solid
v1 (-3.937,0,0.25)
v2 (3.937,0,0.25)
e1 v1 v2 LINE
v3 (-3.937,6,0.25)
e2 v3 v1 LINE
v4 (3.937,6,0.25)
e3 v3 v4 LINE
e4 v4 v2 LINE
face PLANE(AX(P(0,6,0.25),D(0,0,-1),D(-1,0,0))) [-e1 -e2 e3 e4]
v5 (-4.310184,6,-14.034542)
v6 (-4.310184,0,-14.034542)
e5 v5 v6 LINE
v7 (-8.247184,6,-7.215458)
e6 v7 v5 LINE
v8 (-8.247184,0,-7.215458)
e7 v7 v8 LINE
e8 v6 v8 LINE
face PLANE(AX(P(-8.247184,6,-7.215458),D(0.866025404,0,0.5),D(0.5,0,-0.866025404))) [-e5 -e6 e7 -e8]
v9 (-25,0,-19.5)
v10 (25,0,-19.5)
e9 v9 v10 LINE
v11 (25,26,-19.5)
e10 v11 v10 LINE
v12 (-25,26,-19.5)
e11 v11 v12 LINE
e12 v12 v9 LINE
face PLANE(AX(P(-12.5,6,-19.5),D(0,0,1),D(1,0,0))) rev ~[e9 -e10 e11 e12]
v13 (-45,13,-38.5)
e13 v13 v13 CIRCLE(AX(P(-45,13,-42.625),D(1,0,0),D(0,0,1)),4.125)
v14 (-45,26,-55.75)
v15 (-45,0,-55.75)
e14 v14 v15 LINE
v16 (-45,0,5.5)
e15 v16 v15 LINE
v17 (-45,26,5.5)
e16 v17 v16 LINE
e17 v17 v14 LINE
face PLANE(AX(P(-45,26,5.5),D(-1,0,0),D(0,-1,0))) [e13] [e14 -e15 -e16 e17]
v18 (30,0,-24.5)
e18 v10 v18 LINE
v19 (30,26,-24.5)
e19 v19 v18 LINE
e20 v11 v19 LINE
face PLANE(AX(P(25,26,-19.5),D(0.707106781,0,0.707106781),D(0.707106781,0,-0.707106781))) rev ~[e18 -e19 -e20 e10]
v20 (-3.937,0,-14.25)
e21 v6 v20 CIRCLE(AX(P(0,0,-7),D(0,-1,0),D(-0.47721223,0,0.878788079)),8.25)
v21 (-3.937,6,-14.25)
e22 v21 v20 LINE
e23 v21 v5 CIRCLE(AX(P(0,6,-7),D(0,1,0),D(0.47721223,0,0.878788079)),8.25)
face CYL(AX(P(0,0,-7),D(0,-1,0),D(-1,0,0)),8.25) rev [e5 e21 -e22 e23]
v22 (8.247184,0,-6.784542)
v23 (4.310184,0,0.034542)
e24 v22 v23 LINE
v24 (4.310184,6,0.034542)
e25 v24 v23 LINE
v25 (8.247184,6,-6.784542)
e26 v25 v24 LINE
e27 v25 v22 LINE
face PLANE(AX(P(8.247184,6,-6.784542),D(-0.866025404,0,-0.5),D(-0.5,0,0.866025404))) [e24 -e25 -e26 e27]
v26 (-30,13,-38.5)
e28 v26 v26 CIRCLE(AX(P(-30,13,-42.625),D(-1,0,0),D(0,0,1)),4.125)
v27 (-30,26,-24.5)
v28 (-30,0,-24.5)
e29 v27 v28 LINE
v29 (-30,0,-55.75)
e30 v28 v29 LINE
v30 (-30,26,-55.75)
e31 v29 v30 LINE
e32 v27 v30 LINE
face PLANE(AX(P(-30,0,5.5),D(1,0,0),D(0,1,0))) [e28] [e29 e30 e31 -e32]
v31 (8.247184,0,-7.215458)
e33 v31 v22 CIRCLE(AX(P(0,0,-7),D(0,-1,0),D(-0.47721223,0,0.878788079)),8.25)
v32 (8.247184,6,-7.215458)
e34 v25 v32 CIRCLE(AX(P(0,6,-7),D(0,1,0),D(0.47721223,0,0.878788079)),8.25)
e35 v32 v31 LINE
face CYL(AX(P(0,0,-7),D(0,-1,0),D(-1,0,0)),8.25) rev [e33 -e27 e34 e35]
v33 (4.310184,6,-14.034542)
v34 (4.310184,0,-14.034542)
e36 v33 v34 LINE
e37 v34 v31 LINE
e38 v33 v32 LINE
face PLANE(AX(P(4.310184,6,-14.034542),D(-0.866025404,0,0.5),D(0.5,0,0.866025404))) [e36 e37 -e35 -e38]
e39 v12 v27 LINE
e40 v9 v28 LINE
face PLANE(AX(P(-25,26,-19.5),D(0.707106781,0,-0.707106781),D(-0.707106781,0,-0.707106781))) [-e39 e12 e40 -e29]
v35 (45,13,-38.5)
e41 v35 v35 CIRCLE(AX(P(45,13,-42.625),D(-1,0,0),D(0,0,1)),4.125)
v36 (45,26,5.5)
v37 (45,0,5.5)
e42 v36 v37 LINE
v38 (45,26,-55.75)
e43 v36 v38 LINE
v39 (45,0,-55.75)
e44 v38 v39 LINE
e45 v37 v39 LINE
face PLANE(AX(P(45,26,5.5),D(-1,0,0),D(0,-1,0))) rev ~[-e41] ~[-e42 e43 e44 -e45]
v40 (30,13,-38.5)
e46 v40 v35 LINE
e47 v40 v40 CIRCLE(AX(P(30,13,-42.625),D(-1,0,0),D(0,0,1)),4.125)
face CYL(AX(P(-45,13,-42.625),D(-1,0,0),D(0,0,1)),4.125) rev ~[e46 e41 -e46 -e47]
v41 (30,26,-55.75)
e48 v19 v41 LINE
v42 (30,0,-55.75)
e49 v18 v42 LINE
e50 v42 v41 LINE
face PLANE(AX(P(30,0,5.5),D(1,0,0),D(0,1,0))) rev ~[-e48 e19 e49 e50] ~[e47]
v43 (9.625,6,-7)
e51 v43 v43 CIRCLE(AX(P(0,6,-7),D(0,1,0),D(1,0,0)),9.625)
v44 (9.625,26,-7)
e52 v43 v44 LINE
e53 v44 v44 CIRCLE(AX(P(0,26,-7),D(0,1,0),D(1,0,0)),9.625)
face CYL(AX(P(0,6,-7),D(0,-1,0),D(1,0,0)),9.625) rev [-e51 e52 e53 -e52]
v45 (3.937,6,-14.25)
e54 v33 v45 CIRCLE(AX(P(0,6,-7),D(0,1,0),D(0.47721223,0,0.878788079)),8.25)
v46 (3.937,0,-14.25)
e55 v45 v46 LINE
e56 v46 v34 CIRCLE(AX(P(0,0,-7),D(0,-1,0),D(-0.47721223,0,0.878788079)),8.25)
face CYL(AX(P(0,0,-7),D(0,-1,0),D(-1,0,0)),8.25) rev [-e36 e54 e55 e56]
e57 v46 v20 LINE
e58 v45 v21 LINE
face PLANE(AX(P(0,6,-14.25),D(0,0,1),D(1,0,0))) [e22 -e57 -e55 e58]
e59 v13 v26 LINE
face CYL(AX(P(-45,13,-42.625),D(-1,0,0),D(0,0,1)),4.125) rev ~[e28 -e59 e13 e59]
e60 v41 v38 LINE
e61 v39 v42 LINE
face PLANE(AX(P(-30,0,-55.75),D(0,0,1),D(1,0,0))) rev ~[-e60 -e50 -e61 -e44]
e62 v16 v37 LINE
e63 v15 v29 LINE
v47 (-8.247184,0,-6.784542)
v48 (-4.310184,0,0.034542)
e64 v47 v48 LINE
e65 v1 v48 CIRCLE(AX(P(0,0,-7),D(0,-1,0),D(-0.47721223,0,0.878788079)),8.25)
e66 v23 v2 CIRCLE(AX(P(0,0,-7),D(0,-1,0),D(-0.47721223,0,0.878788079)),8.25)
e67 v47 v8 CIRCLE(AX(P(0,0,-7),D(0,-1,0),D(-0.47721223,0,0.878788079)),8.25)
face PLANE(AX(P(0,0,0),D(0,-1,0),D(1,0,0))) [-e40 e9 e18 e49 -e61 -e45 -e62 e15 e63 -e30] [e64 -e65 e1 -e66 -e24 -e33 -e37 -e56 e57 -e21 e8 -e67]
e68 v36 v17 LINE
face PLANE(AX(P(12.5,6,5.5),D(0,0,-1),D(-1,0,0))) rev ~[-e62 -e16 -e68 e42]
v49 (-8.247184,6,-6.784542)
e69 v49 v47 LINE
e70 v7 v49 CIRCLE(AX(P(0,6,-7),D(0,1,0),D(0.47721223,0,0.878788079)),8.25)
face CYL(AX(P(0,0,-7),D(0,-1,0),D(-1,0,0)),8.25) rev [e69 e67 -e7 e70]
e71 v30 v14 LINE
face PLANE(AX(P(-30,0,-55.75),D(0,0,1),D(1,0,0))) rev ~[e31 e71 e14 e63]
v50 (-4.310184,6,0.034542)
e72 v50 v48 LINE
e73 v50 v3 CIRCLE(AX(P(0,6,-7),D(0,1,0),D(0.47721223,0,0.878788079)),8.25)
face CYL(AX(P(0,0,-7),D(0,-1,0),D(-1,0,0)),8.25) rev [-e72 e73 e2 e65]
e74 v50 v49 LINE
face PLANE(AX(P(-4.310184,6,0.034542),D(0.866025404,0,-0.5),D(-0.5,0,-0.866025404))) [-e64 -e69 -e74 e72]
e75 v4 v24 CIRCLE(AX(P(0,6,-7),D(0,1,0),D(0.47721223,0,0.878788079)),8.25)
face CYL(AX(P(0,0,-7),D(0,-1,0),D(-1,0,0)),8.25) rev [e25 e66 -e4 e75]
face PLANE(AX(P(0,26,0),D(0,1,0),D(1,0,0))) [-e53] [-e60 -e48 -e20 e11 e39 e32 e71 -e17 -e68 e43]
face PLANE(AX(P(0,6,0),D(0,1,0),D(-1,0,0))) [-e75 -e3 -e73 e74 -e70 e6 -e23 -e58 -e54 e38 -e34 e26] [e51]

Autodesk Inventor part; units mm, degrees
ref_plane "YZ Plane" through (0, 0, 0) normal (1, 0, 0) x (0, 1, 0)
ref_plane "XZ Plane" through (0, 0, 0) normal (0, 1, 0) x (-1, 0, 0)
ref_plane "XY Plane" through (0, 0, 0) normal (0, 0, 1) x (1, 0, 0)
sketch "Sketch1" plane through (0, 0, 0) normal (0, 1, 0) x (-1, 0, 0)
  line L0 (0, 0) -> (0, -14)
  circle A0 centre (0, -7) radius 8.25
  circle A1 centre (0, -7) radius 10.5
  dimension "d0" = 14
  dimension "d1" = 16.5
  dimension "d2" = 21
extrude "Extrusion1" add sketch "Sketch1" along normal blind 6
sketch "Sketch2" plane through (0, 6, -7) normal (0, 1, 0) x (1, 0, 0)
  line L0 (10.5, -10.5) -> (-10.5, -10.5)
  line L1 (-10.5, -10.5) -> (-10.5, 10.5)
  line L2 (-10.5, 10.5) -> (10.5, 10.5)
  line L3 (10.5, 10.5) -> (10.5, -10.5)
  line L4 (10.5, -10.5) -> (-10.5, 10.5) construction
  line L5 (-10.5, -10.5) -> (10.5, 10.5) construction
  circle A0 centre (0, 0) radius 10.5
  point P0 (0, -7)
extrude "Extrusion2" add sketch "Sketch2" against normal blind 6 contours L0 A0 L3 | L0 L1 A0 | A0 L2 L3 | L1 L2 A0
sketch "Sketch4" plane through (0, 6, 0) normal (0, 1, 0) x (1, 0, 0)
  circle A0 centre (0, 7) radius 8.25 projected
  line L0 (0, 7) -> (0, -0.25)
  line L1 (0, -0.25) -> (-3.937, -0.25)
  line L2 (3.937, -0.25) -> (-3.937, -0.25)
  point P0 (0, 0)
  dimension "d14" = 7.25
extrude "Extrusion4" add sketch "Sketch4" against normal blind 6 contours L1 L2 A0 picked at (1.9893, -0.4987)
pattern_circular "Circular Pattern2" count 6 over 360 about axis through (0, 0, -7) along (0, 1, 0) of "Extrusion4"
sketch "Sketch5" plane through (0, 6, 0) normal (0, 1, 0) x (1, 0, 0)
  line L0 (-4.3102, -0.0345) -> (-8.2472, 6.7845) projected
  line L1 (-6.2787, 3.375) -> (6.2787, 10.625)
  line L2 (4.3102, 14.0345) -> (8.2472, 7.2155) projected
  line L3 (8.2472, 6.7845) -> (4.3102, -0.0345) projected
  line L4 (6.2787, 3.375) -> (-6.2787, 10.625)
  line L5 (-4.3102, 14.0345) -> (-8.2472, 7.2155) projected
  line L6 (3.937, 14.25) -> (-3.937, 14.25) projected
  line L7 (0, 14.25) -> (0, -0.25)
  line L8 (3.937, -0.25) -> (-3.937, -0.25) projected
  circle A0 centre (0, 7) radius 9.625
  line L9 (12.5, 19.5) -> (-12.5, 19.5)
  line L10 (-12.5, 19.5) -> (-12.5, -5.5)
  line L11 (-12.5, -5.5) -> (12.5, -5.5)
  line L12 (12.5, -5.5) -> (12.5, 19.5)
  line L13 (12.5, 19.5) -> (-12.5, -5.5) construction
  line L14 (-12.5, 19.5) -> (12.5, -5.5) construction
  point P0 (0, 0)
  dimension "d20" = 19.25
  dimension "d21" = 25
  dimension "d22" = 25
extrude "Extrusion5" add sketch "Sketch5" along normal blind 20
sketch "Sketch6" plane through (0, 6, 0) normal (0, -1, 0) x (1, 0, 0)
  line L0 (-10.5, -17.5) -> (10.5, -17.5)
  line L1 (10.5, -17.5) -> (10.5, 3.5)
  line L2 (10.5, 3.5) -> (-10.5, 3.5)
  line L3 (-10.5, 3.5) -> (-10.5, -17.5)
  circle A0 centre (0, -7) radius 9.625 projected
  line L4 (-10.5, -17.5) -> (10.5, 3.5) construction
  line L5 (10.5, -17.5) -> (-10.5, 3.5) construction
  line L6 (-12.5, -19.5) -> (12.5, -19.5)
  line L7 (12.5, -19.5) -> (12.5, 5.5)
  line L8 (12.5, 5.5) -> (-12.5, 5.5)
  line L9 (-12.5, 5.5) -> (-12.5, -19.5)
  line L10 (-12.5, -19.5) -> (12.5, 5.5) construction
  line L11 (12.5, -19.5) -> (-12.5, 5.5) construction
  point P0 (0, 0)
extrude "Extrusion6" add sketch "Sketch6" along normal blind 6 contours L9 L8 L7 L6
sketch "Sketch8" plane through (-12.5, 26, 5.5) normal (0, 0, 1) x (1, 0, 0)
  line L0 (0, 0) -> (25, 0)
  line L1 (0, 0) -> (-17.5, 0)
  line L2 (25, 0) -> (42.5, 0)
  line L3 (0, 0) -> (-17.5, 0)
  line L4 (-17.5, 0) -> (-17.5, -26)
  line L5 (-17.5, -26) -> (0, -26)
  line L6 (0, -26) -> (0, 0)
  line L7 (25, 0) -> (42.5, 0)
  line L8 (42.5, 0) -> (42.5, -26)
  line L9 (42.5, -26) -> (25, -26)
  line L10 (25, -26) -> (25, 0)
  point P0 (12.5, -26)
  dimension "d27" = 17.5
  dimension "d28" = 17.5
extrude "Extrusion7" add sketch "Sketch8" against normal blind 25
sketch "Sketch9" plane through (-30, 0, 5.5) normal (0, 0, 1) x (1, 0, 0)
  line L0 (0, 26) -> (-15, 26)
  line L1 (-15, 26) -> (-15, 0)
  line L2 (-15, 0) -> (0, 0)
  line L3 (0, 0) -> (0, 26)
  line L4 (60, 26) -> (75, 26)
  line L5 (75, 26) -> (75, 0)
  line L6 (75, 0) -> (60, 0)
  line L7 (60, 0) -> (60, 26)
  point P0 (30, 0)
  dimension "d31" = 15
  dimension "d32" = 15
extrude "Extrusion8" add sketch "Sketch9" against normal blind 61.25
sketch "Sketch10" plane through (-45, 0, 5.5) normal (-1, 0, 0) x (0, 0, 1)
  line L0 (-61.25, 0) -> (-61.25, 26) projected
  line L1 (-61.25, 13) -> (-35, 13)
  circle A0 centre (-48.125, 13) radius 4.125
  point P0 (-5.5, 0)
  dimension "d35" = 26.25
  dimension "d36" = 8.25
extrude "Extrusion9" cut sketch "Sketch10" against normal through all
sketch "Sketch11" plane through (0, 26, 0) normal (0, 1, 0) x (1, 0, 0)
  line L0 (30, 19.5) -> (30, 24.5)
  line L1 (30, 19.5) -> (30, 55.75) projected
  line L2 (30, 19.5) -> (25, 19.5)
  line L3 (25, 19.5) -> (30, 24.5)
  line L4 (-30, 19.5) -> (-30, 24.5)
  line L5 (-30, 19.5) -> (-30, 55.75) projected
  line L6 (-30, 19.5) -> (-25, 19.5)
  line L7 (30, 19.5) -> (-30, 19.5) projected
  line L8 (-25, 19.5) -> (-30, 24.5)
  point P0 (0, 0)
  dimension "d39" = 5
  dimension "d40" = 5
  dimension "d41" = 5
  dimension "d42" = 5
extrude "Extrusion10" add sketch "Sketch11" against normal blind 26
sketch "Sketch12" plane through (0, 26, 0) normal (0, 1, 0) x (1, 0, 0)
  line L0 (-45, -5.5) -> (-45, 55.75) projected
  line L1 (45, -5.5) -> (-45, -5.5)
  line L2 (-45, -5.5) -> (-45, 24.5)
  line L3 (-45, 24.5) -> (45, 24.5)
  line L4 (45, 24.5) -> (45, -5.5)
  point P0 (0, 0)
properties part number "FretterMount"
